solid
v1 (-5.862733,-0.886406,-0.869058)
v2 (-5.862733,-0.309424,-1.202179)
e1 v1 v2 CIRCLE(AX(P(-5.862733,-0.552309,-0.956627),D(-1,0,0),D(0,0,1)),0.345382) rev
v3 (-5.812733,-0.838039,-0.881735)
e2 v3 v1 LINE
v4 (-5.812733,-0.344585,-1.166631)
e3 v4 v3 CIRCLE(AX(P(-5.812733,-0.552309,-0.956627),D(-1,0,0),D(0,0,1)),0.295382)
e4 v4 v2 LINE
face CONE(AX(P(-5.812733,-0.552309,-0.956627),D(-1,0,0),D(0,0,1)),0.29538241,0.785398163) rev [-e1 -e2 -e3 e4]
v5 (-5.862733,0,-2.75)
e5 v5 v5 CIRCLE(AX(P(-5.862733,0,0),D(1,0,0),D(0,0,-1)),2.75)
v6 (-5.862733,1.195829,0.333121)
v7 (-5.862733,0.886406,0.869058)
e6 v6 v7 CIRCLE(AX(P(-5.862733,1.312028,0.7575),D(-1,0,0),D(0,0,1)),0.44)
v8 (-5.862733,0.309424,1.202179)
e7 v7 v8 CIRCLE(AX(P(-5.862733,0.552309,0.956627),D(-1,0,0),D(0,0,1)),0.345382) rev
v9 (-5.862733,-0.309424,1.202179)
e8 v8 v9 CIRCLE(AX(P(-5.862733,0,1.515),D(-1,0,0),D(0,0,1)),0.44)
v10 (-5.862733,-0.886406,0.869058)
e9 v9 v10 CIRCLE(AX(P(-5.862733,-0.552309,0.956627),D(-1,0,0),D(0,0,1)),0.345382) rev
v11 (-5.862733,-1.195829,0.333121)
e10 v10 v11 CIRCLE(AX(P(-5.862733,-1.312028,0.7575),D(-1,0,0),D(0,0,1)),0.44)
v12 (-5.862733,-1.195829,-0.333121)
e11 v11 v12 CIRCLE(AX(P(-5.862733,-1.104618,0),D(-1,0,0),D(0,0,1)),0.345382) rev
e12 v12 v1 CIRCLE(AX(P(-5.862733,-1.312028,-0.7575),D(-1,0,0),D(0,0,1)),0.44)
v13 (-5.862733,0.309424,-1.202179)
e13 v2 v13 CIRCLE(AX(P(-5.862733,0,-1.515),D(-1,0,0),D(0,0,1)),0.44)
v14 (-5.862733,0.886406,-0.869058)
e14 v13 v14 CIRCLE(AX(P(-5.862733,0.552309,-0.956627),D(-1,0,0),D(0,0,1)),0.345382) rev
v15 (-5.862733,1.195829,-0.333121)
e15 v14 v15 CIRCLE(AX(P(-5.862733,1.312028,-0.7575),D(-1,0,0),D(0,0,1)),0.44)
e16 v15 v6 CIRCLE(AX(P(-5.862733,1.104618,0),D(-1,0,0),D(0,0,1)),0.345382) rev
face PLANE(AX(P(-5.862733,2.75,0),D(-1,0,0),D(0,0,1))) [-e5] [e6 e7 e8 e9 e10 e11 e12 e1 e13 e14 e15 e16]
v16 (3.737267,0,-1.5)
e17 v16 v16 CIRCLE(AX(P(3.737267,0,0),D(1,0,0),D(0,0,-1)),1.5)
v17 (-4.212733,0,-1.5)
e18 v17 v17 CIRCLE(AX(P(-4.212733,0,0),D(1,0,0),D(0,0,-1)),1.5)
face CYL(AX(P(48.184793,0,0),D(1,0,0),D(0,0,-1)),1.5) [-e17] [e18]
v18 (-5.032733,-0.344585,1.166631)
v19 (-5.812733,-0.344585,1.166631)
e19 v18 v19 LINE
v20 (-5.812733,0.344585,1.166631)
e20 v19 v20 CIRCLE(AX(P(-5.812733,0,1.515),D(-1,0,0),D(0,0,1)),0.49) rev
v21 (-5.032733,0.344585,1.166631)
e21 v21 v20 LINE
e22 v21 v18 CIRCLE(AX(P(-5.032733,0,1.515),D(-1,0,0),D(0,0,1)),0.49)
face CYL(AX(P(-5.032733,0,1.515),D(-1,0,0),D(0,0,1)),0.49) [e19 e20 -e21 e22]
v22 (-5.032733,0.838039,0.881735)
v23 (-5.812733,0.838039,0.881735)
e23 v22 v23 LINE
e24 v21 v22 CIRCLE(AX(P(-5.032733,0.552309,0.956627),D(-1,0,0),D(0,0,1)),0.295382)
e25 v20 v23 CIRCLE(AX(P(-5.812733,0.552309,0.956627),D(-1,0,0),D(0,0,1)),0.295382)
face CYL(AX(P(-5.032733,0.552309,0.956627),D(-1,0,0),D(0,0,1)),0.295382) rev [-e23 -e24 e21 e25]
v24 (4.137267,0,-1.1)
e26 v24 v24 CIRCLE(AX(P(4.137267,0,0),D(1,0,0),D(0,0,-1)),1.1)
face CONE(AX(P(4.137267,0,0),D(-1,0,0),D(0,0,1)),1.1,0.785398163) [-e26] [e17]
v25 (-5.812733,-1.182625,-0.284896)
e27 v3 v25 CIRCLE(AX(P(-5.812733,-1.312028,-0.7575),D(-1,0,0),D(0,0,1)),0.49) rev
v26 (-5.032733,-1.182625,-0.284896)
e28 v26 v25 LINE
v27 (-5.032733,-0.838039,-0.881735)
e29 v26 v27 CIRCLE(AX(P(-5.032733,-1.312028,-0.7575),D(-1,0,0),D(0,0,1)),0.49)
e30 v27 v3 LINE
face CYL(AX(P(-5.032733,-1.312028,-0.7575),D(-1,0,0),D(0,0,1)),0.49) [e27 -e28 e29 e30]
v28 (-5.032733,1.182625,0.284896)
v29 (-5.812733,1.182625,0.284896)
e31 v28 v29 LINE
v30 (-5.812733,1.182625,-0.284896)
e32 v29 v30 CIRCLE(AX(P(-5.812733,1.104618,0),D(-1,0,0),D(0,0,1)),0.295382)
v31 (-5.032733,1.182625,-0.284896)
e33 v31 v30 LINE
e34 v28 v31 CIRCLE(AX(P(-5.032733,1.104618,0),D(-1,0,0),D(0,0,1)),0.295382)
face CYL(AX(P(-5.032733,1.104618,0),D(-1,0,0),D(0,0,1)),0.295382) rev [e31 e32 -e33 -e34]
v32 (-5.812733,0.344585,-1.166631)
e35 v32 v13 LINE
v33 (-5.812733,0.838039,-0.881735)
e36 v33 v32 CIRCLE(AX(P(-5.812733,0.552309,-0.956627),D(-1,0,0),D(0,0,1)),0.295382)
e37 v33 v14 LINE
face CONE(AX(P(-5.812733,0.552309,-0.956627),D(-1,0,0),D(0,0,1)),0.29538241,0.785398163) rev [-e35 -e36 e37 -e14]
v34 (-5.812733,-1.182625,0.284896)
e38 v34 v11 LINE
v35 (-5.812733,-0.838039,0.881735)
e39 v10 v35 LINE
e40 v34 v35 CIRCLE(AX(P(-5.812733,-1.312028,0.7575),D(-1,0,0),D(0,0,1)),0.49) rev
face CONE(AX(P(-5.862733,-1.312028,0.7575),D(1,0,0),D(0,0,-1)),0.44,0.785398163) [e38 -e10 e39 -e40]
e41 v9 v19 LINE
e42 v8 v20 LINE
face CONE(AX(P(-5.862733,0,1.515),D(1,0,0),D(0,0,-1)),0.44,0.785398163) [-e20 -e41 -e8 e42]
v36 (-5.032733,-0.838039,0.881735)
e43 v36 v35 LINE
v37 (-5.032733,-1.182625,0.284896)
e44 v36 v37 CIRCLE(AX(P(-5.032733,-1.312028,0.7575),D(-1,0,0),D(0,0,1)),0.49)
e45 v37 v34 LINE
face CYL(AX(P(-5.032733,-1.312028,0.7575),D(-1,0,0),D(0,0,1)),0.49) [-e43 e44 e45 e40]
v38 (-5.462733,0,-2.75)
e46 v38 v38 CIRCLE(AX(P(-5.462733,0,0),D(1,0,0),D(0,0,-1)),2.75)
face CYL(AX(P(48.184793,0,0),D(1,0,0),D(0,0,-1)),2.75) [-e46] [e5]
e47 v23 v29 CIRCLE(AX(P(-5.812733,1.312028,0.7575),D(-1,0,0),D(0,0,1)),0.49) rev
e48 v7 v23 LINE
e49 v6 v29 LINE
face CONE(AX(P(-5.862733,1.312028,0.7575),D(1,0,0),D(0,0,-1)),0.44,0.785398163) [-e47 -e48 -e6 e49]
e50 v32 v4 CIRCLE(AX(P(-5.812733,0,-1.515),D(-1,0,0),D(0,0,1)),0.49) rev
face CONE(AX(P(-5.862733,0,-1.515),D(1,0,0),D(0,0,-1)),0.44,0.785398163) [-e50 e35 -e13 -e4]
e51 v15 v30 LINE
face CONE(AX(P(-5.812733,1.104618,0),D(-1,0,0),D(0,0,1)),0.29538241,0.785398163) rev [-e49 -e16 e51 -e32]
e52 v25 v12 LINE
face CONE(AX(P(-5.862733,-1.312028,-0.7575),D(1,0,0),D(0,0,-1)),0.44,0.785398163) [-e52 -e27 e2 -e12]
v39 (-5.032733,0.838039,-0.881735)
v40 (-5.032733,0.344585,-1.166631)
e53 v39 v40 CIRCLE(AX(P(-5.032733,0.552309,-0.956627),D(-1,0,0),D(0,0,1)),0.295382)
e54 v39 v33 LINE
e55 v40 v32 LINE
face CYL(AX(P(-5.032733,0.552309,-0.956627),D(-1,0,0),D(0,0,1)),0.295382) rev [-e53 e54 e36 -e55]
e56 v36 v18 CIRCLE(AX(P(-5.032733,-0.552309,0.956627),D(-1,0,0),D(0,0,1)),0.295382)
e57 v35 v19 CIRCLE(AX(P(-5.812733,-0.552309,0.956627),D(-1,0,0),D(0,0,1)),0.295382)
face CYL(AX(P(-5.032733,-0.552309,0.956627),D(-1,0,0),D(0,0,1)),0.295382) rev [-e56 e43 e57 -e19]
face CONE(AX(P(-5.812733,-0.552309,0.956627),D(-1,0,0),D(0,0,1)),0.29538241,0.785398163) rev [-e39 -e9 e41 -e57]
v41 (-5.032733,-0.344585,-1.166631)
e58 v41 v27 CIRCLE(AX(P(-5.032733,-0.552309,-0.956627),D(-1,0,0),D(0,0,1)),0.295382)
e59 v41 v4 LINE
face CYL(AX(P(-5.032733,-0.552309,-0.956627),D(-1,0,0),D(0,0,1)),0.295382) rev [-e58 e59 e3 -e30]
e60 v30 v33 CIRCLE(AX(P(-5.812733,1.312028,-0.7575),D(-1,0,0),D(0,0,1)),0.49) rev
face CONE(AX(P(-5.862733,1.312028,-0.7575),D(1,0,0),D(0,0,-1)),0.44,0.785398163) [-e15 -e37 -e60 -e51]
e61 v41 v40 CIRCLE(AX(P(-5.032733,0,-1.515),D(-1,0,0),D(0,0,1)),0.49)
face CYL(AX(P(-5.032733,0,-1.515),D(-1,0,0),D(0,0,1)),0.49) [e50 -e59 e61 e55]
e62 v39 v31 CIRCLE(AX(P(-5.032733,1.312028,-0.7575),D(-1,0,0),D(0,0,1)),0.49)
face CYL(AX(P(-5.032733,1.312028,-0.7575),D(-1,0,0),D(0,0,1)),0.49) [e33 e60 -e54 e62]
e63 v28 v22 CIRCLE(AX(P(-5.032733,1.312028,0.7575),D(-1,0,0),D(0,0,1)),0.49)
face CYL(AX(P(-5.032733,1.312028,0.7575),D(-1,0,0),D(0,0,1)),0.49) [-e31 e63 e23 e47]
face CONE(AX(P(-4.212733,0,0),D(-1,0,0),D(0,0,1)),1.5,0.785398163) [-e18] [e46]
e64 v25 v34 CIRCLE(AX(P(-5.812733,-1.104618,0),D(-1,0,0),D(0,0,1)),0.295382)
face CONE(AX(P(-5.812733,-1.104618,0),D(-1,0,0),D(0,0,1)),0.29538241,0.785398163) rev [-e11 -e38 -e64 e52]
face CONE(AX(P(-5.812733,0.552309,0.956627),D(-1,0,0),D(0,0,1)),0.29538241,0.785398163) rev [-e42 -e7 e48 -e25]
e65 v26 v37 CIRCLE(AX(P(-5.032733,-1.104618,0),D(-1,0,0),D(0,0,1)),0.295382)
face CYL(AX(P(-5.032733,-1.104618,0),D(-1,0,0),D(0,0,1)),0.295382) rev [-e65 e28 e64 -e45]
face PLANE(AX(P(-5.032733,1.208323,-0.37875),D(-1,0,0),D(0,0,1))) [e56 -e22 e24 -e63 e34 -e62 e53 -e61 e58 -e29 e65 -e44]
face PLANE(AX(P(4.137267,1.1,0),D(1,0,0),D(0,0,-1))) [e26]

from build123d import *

# Parameters (mm, degrees)
CUT_EXTRUDE1_DEPTH = 0.83
CHAMFER2_SIZE      = 0.05


with BuildPart() as part:
    # Sketch1 → Revolve1 (revolve)
    with BuildSketch(Plane.XY):
        Polygon((-4.212732686, 1.5), (-5.462732686, 2.75), (-5.862732686, 2.75), (-5.862732686, 0), (4.137267314, 0), (4.137267314, 1.1), (3.737267314, 1.5), align=None)
    revolve(axis=Axis((48.184792793, 0, 0), (-1, 0, 0)))

    # Sketch2 → Cut-Extrude1 (cut)
    with BuildSketch(Plane.ZY.offset(5.862732686)):
        with BuildLine():
            ThreePointArc((1.16663108, 0.344585397), (1.212435565, 0.7), (0.881735248, 0.838039454))
            ThreePointArc((0.881735248, 0.838039454), (0.5125, 0.887676039), (0.284895833, 1.182624851))
            ThreePointArc((0.284895833, 1.182624851), (0, 1.4), (-0.284895833, 1.182624851))
            ThreePointArc((-0.284895833, 1.182624851), (-0.5125, 0.887676039), (-0.881735248, 0.838039454))
            ThreePointArc((-0.881735248, 0.838039454), (-1.212435565, 0.7), (-1.16663108, 0.344585397))
            ThreePointArc((-1.16663108, 0.344585397), (-1.025, 0), (-1.16663108, -0.344585397))
            ThreePointArc((-1.16663108, -0.344585397), (-1.212435565, -0.7), (-0.881735248, -0.838039454))
            ThreePointArc((-0.881735248, -0.838039454), (-0.5125, -0.887676039), (-0.284895833, -1.182624851))
            ThreePointArc((-0.284895833, -1.182624851), (0, -1.4), (0.284895833, -1.182624851))
            ThreePointArc((0.284895833, -1.182624851), (0.5125, -0.887676039), (0.881735248, -0.838039454))
            ThreePointArc((0.881735248, -0.838039454), (1.212435565, -0.7), (1.16663108, -0.344585397))
            ThreePointArc((1.16663108, -0.344585397), (1.025, 0), (1.16663108, 0.344585397))
        make_face()
    extrude(amount=-CUT_EXTRUDE1_DEPTH, mode=Mode.SUBTRACT)

    # Chamfer2
    chamfer2_edges = [part.edges().sort_by_distance(p)[0] for p in [
        (-5.862732686, 0.887676039, 0.5125),
        (-5.862732686, 0, 1.025),
        (-5.862732686, -0.887676039, 0.5125),
        (-5.862732686, -0.887676039, -0.5125),
        (-5.862732686, 0, -1.025),
        (-5.862732686, 0.887676039, -0.5125),
        (-5.862732686, 1.4, 0),
        (-5.862732686, 0.7, -1.212435565),
        (-5.862732686, -0.7, -1.212435565),
        (-5.862732686, -1.4, 0),
        (-5.862732686, -0.7, 1.212435565),
        (-5.862732686, 0.7, 1.212435565),
    ]]
    chamfer(chamfer2_edges, length=CHAMFER2_SIZE)


solid = part.part
